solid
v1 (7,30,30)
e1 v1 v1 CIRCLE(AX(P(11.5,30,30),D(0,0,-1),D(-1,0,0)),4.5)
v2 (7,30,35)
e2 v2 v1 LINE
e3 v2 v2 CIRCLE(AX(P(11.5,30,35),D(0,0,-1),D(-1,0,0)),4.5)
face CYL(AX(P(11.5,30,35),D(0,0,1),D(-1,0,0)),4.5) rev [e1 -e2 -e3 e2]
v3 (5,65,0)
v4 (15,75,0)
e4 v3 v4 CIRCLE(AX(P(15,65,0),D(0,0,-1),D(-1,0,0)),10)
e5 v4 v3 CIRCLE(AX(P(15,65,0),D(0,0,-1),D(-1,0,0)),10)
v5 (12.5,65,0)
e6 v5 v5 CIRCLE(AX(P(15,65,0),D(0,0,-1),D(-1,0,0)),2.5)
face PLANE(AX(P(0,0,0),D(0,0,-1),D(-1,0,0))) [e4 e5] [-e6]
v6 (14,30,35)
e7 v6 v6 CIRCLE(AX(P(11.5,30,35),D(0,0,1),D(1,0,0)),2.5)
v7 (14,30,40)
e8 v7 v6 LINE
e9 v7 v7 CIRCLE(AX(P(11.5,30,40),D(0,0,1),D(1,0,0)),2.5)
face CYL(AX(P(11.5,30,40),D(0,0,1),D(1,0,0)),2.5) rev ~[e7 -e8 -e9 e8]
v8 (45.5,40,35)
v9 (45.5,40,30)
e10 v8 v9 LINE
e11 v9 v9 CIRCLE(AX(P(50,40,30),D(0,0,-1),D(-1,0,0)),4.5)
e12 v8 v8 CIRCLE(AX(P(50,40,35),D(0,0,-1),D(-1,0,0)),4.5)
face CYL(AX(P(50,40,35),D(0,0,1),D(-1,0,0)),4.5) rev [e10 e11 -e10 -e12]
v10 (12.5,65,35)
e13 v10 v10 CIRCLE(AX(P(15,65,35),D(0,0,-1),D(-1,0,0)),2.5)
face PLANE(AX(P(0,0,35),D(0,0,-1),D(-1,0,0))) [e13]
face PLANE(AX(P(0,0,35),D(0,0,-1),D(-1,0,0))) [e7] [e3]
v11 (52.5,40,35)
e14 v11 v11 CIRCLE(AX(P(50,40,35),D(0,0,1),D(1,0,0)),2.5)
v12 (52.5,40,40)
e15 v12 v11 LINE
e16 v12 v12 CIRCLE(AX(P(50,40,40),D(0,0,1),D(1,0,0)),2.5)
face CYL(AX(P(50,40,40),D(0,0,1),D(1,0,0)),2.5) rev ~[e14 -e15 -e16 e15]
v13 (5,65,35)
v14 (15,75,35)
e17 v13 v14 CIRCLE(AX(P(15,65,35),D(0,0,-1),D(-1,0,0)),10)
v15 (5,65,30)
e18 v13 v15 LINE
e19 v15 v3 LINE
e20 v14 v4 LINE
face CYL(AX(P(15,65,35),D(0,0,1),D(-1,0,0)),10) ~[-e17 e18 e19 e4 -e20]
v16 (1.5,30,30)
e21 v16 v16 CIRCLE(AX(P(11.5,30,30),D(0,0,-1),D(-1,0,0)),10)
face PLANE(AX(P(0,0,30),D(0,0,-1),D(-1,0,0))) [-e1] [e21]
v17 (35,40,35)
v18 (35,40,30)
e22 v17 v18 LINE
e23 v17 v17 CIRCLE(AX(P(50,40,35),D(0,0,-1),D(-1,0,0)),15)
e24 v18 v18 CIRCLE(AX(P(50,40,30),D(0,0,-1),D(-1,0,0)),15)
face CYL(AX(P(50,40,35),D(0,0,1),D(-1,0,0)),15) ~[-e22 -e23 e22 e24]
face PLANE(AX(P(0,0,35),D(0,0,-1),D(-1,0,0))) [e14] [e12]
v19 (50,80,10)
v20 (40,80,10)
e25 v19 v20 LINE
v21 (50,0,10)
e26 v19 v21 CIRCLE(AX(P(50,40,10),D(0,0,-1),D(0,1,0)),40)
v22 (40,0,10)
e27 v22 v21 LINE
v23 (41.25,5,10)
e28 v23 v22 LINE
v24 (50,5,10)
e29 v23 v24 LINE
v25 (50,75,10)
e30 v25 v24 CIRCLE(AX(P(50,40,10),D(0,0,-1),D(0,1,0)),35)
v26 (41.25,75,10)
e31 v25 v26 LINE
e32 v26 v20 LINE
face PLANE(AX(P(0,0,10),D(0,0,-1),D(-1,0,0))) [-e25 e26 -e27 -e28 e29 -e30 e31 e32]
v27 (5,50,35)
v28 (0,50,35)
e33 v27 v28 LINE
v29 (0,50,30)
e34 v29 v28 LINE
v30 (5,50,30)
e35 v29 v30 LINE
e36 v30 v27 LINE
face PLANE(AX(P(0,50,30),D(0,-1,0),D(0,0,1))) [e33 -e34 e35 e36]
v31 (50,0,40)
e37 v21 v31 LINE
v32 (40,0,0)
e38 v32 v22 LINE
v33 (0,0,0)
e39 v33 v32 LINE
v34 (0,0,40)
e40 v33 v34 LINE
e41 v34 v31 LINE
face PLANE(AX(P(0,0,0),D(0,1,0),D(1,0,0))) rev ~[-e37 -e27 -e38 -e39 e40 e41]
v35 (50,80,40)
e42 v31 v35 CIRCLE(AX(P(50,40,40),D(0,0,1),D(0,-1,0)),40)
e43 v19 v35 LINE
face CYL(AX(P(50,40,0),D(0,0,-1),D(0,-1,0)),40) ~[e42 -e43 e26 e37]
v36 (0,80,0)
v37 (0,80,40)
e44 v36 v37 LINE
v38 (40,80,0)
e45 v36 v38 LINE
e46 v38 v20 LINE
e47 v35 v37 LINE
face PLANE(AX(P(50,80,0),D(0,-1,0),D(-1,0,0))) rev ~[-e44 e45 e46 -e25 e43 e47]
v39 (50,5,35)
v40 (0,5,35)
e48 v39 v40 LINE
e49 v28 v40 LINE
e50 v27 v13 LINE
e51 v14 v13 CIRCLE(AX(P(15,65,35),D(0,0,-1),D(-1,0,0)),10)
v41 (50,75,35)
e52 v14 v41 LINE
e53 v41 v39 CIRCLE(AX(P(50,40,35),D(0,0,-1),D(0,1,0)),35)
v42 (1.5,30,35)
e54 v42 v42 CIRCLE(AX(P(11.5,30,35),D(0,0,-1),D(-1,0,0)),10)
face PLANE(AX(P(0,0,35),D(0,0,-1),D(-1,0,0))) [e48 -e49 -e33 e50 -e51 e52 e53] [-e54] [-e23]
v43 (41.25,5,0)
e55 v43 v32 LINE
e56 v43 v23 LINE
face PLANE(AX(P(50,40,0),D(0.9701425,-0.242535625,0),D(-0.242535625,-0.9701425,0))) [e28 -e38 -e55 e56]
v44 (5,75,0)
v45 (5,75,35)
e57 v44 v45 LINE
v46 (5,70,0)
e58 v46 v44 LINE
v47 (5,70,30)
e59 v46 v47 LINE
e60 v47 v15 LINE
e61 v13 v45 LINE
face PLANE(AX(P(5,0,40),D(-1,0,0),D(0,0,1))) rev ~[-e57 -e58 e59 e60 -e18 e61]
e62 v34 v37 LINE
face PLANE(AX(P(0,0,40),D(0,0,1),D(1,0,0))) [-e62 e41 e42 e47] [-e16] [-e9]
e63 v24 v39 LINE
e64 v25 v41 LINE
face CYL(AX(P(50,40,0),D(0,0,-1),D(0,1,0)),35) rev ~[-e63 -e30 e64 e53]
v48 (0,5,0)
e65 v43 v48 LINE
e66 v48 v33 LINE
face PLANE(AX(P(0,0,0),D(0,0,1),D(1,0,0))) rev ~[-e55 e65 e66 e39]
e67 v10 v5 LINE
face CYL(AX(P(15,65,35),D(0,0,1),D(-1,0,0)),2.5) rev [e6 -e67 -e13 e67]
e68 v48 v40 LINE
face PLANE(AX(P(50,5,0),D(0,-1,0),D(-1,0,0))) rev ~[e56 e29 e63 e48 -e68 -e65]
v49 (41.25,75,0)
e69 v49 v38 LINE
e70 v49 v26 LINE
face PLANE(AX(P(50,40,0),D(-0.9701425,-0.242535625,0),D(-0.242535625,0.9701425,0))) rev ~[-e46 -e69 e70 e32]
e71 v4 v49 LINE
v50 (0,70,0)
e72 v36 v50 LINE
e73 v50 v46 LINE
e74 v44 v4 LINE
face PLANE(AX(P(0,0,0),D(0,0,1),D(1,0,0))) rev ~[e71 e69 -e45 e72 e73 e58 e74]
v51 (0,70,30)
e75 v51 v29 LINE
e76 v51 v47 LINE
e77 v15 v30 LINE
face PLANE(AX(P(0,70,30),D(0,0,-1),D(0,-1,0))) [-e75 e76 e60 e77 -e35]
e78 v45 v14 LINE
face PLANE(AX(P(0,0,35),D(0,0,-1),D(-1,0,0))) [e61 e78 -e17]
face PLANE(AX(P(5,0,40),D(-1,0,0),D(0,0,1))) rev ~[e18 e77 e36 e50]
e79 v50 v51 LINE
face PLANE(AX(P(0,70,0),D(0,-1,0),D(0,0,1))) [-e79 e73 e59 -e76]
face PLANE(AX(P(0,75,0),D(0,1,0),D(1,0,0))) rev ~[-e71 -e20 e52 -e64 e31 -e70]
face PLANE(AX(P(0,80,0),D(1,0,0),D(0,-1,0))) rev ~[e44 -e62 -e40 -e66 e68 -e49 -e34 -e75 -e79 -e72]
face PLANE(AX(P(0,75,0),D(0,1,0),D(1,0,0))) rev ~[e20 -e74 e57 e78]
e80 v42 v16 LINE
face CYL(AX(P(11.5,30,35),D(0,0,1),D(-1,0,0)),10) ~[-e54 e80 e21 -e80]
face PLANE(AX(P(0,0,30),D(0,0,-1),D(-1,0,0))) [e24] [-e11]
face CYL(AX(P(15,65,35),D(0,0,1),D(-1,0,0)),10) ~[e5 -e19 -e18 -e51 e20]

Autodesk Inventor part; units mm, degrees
ref_plane "YZ Plane" through (0, 0, 0) normal (1, 0, 0) x (0, 1, 0)
ref_plane "XZ Plane" through (0, 0, 0) normal (0, 1, 0) x (-1, 0, 0)
ref_plane "XY Plane" through (0, 0, 0) normal (0, 0, 1) x (1, 0, 0)
sketch "Sketch1" plane through (0, 0, 0) normal (0, 0, 1) x (1, 0, 0)
  line L0 (0, 0) -> (50, 0)
  line L1 (50, 0) -> (50, 80) construction
  line L2 (50, 80) -> (0, 80)
  line L3 (0, 80) -> (0, 0)
  circle A0 centre (50, 40) radius 40 construction
  arc A1 (50, 0) -> (50, 80) centre (50, 40) ccw
  dimension "d0" = 50
  dimension "d1" = 80
  dimension "d2" = 80
extrude "Extrusion1" add sketch "Sketch1" along normal blind 40
sketch "Sketch2" plane through (0, 0, 0) normal (0, 0, -1) x (-1, 0, 0)
  line L0 (-50, 80) -> (0, 80) projected
  arc A0 (-50, 80) -> (-50, 0) centre (-50, 40) ccw projected
  line L1 (0, 0) -> (-50, 0) projected
  line L2 (0, 75) -> (-50, 75)
  arc A1 (-50, 75) -> (-50, 5) centre (-50, 40) ccw
  line L3 (-50, 5) -> (0, 5)
  line L4 (0, 75) -> (0, 5)
  line L5 (0, 80) -> (0, 0) projected
  dimension "d5" = 5
extrude "Extrusion2" cut sketch "Sketch2" against normal blind 35 contours L4 L3 A1 L2
sketch "Sketch3" plane through (0, 0, 40) normal (-1, 0, 0) x (0, 0, 1)
  line L0 (0, 80) -> (0, 0) projected
  line L1 (-40, 5) -> (-40, 75) projected
  line L2 (0, 80) -> (-40, 80)
  line L3 (-40, 80) -> (-40, 70)
  line L4 (-40, 70) -> (0, 70)
  line L5 (0, 70) -> (0, 80)
  line L6 (0, 80) -> (-10, 80)
  line L7 (-10, 80) -> (-10, 50)
  line L8 (-10, 50) -> (0, 50)
  line L9 (0, 50) -> (0, 80)
  line L10 (-40, 0) -> (0, 0) projected
  dimension "d8" = 10
  dimension "d9" = 10
  dimension "d10" = 50
extrude "Extrusion3" add sketch "Sketch3" against normal blind 5
sketch "Sketch4" plane through (0, 0, 0) normal (0, 0, -1) x (-1, 0, 0)
  arc A0 (-50, 80) -> (-50, 0) centre (-50, 40) ccw projected
  line L0 (-50, 80) -> (0, 80) projected
  arc A1 (-50, 80) -> (-50, 0) centre (-50, 40) ccw
  line L1 (-50, 0) -> (-50, 80)
  line L2 (-50, 40) -> (-40, 80)
  line L3 (-50, 80) -> (0, 80) projected
  line L4 (-40, 80) -> (-50, 80)
  line L5 (-50, 40) -> (-40, 0)
  line L6 (0, 0) -> (-50, 0) projected
  line L7 (-40, 0) -> (-50, 0)
  dimension "d15" = 10
extrude "Extrusion4" cut sketch "Sketch4" against normal blind 10
sketch "Sketch8" plane through (0, 0, 35) normal (0, 0, -1) x (-1, 0, 0)
  circle A0 centre (-50, 40) radius 4.5
  circle A1 centre (-50, 40) radius 15
  line L0 (0, 0) -> (-40, 0) projected
  line L1 (0, 50) -> (0, 5) projected
  dimension "d25" = 30
  dimension "d34" = 40
  dimension "d35" = 50
  dimension "d36" = 9
extrude "Extrusion8" add sketch "Sketch8" along normal blind 5
sketch "Sketch9" plane through (0, 0, 35) normal (0, 0, -1) x (-1, 0, 0)
  line L0 (0, 80) -> (0, 0) projected
  circle A0 centre (-11.5, 30) radius 4.5
  line L1 (0, 0) -> (-40, 0) projected
  circle A1 centre (-11.5, 30) radius 10
  dimension "d28" = 9
  dimension "d29" = 30
  dimension "d30" = 11.5
  dimension "d33" = 20
extrude "Extrusion9" add sketch "Sketch9" along normal blind 5
sketch "Sketch11" plane through (0, 0, 35) normal (0, 0, -1) x (-1, 0, 0)
  circle A0 centre (-15, 65) radius 10
  circle A1 centre (-15, 65) radius 2.5
  line L0 (-41.25, 75) -> (-5, 75) projected
  line L1 (-5, 50) -> (-5, 70) projected
  point P0 (0, 0)
  dimension "d39" = 20
  dimension "d40" = 5
extrude "Extrusion10" add sketch "Sketch11" along normal blind 35
sketch "Sketch13" plane through (0, 0, 40) normal (0, 0, 1) x (1, 0, 0)
  circle A0 centre (50, 40) radius 15 projected
  circle A1 centre (11.5, 30) radius 10 projected
  circle A2 centre (11.5, 30) radius 4.5 projected
  circle A3 centre (11.5, 30) radius 2.5
  circle A4 centre (50, 40) radius 4.5 projected
  circle A5 centre (50, 40) radius 2.5
  point P0 (0, 0)
  dimension "d46" = 5
  dimension "d47" = 5
extrude "Extrusion12" cut sketch "Sketch13" against normal through all contours A3 | A5
properties part number "FA005" material "ABS Plastic"
